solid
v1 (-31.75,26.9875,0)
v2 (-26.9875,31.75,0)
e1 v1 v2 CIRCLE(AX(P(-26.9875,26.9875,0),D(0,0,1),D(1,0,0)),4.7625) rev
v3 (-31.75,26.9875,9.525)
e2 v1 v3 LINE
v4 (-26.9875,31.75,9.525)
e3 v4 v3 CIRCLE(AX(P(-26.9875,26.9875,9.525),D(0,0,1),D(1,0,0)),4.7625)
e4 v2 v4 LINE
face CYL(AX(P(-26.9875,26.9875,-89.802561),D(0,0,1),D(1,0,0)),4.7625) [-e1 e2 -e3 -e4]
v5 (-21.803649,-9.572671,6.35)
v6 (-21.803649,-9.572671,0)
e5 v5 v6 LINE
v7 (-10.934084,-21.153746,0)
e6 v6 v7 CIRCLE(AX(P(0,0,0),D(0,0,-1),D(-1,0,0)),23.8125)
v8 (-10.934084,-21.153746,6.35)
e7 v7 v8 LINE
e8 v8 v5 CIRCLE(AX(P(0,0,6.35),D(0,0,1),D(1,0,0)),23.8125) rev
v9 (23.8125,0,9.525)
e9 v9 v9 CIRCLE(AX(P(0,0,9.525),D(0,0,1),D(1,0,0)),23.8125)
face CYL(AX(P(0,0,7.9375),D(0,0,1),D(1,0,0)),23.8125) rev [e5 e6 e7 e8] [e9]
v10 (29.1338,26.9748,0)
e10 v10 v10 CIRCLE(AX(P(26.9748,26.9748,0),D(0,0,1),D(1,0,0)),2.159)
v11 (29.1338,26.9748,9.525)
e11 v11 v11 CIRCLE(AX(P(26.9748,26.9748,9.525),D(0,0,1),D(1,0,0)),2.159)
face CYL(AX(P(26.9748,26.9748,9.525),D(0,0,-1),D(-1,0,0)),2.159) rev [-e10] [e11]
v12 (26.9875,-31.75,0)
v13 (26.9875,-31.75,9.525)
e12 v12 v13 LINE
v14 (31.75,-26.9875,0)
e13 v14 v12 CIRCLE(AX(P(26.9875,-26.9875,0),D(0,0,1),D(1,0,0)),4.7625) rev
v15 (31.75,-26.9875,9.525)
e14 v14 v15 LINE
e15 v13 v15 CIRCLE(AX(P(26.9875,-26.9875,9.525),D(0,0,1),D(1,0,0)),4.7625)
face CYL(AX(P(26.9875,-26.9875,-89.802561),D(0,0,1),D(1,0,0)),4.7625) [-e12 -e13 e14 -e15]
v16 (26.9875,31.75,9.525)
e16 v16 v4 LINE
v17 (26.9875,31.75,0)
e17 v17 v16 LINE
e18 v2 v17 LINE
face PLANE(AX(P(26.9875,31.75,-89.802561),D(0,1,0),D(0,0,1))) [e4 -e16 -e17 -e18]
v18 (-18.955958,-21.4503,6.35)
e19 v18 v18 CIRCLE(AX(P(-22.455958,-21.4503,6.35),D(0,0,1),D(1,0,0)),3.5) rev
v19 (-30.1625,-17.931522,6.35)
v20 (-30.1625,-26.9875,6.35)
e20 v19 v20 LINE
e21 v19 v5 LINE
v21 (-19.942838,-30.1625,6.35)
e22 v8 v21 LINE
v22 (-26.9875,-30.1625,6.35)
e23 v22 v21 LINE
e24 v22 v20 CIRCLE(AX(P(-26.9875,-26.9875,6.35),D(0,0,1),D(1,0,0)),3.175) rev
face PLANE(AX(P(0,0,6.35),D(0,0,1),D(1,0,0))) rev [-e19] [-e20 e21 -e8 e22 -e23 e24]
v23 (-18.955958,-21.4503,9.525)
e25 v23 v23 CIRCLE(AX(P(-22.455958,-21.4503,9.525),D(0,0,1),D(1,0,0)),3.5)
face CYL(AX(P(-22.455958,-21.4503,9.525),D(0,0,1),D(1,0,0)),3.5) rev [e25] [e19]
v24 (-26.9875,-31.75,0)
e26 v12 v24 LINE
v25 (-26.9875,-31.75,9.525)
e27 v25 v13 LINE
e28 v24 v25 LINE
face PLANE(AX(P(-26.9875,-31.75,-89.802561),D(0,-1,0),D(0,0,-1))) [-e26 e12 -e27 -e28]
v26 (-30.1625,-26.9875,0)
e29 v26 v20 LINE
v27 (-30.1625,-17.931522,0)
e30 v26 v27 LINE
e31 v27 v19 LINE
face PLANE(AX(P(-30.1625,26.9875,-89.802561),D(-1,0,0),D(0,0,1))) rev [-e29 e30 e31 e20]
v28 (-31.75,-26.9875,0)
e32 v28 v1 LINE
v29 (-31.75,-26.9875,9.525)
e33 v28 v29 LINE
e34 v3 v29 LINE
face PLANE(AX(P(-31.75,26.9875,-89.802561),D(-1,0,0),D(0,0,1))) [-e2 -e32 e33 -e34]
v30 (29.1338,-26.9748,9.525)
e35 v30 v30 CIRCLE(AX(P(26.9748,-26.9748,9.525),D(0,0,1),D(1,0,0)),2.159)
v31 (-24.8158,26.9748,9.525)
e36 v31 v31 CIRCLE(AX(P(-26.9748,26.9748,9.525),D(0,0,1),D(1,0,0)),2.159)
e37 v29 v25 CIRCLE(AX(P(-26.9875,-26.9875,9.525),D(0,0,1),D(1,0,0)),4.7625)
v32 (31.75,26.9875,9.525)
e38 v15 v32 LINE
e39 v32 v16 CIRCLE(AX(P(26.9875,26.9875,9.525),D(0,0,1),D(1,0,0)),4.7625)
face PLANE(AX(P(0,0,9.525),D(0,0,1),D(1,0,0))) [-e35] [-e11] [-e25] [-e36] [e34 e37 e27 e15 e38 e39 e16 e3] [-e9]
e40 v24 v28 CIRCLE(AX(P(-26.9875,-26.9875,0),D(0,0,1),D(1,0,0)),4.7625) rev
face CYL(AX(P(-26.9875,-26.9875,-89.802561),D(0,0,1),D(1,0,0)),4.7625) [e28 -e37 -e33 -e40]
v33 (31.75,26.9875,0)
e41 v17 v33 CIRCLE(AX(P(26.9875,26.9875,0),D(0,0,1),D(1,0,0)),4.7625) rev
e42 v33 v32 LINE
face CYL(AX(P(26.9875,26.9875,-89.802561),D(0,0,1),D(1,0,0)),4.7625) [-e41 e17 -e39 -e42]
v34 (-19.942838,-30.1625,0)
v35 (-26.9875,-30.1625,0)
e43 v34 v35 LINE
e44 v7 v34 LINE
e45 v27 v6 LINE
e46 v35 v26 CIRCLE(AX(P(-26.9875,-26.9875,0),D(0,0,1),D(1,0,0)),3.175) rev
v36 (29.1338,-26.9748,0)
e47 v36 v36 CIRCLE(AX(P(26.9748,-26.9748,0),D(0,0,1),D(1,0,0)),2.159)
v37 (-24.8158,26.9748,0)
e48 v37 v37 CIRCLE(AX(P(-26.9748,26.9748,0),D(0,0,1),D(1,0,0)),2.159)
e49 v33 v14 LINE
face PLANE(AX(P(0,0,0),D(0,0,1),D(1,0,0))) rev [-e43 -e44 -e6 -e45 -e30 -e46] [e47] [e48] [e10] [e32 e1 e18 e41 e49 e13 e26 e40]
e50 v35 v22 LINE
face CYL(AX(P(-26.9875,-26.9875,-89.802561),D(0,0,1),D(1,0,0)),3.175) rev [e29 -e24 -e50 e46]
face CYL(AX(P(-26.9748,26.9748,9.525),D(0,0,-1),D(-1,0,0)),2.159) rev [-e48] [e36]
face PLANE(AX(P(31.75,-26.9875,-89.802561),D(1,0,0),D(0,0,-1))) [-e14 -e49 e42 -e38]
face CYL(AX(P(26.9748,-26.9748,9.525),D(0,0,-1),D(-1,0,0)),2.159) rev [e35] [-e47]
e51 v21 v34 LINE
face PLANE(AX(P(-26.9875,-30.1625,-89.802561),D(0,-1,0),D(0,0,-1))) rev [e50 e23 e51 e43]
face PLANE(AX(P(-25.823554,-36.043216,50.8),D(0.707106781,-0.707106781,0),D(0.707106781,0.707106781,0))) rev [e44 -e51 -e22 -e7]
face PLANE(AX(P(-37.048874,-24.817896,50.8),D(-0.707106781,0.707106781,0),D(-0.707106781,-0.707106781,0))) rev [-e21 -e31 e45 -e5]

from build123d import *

# Parameters (mm, degrees)
SKETCH1_R                = 2.159
SKETCH1_R_2              = 28.5115
BOSS_EXTRUDE1_DEPTH      = 9.525
SKETCH1_4_R              = 28.5115
SKETCH1_4_R_2            = 23.8125
FLUSH_BEZEL_DEPTH        = 9.525
SKETCH1_5_R              = 28.5115
SKETCH1_5_R_2            = 23.8125
BOSS_EXTRUDE4_DEPTH      = 6.35
SKETCH2_R                = 25.3365
CUT_EXTRUDE1_DEPTH       = 7.35
CUT_EXTRUDE1_DEPTH_BACK  = 9.525
SKETCH3_R                = 28.5115
CUT_EXTRUDE2_DEPTH       = 7.35
SKETCH4_R                = 25.3365
SKETCH4_R_2              = 23.8125
BOSS_EXTRUDE7_DEPTH      = 1.5875
M6_CLEARANCE_HOLE1_D     = 7
M6_CLEARANCE_HOLE1_DEPTH = 9.525
BOSS_EXTRUDE8_REACH      = 11.525
SKETCH8_R                = 25.3365
SKETCH8_R_2              = 23.8125
CUT_EXTRUDE3_DEPTH       = 6.35
BOSS_EXTRUDE9_DEPTH      = 9.525


with BuildPart() as part:
    # Sketch1 → Boss-Extrude1 (new body)
    with BuildSketch(Plane.XY):
        with BuildLine():
            Line((-26.9875, 30.1625), (26.9875, 30.1625))
            ThreePointArc((26.9875, 30.1625), (29.23256403, 29.23256403), (30.1625, 26.9875))
            Line((30.1625, 26.9875), (30.1625, -26.9875))
            ThreePointArc((30.1625, -26.9875), (29.23256403, -29.23256403), (26.9875, -30.1625))
            Line((26.9875, -30.1625), (-26.9875, -30.1625))
            ThreePointArc((-26.9875, -30.1625), (-29.23256403, -29.23256403), (-30.1625, -26.9875))
            Line((-30.1625, -26.9875), (-30.1625, 26.9875))
            ThreePointArc((-30.1625, 26.9875), (-29.23256403, 29.23256403), (-26.9875, 30.1625))
        make_face()
        with Locations((-26.9748, 26.9748)):
            Circle(SKETCH1_R, mode=Mode.SUBTRACT)
        with Locations((26.9748, 26.9748)):
            Circle(SKETCH1_R, mode=Mode.SUBTRACT)
        with Locations((26.9748, -26.9748)):
            Circle(SKETCH1_R, mode=Mode.SUBTRACT)
        Circle(SKETCH1_R_2, mode=Mode.SUBTRACT)
    extrude(amount=BOSS_EXTRUDE1_DEPTH)

    # Sketch1_4 → Flush Bezel (add)
    with BuildSketch(Plane.XY):
        Circle(SKETCH1_4_R)
        Circle(SKETCH1_4_R_2, mode=Mode.SUBTRACT)
    extrude(amount=FLUSH_BEZEL_DEPTH)

    # Sketch1_5 → Boss-Extrude4 (add)
    with BuildSketch(Plane.XY):
        Circle(SKETCH1_5_R)
        Circle(SKETCH1_5_R_2, mode=Mode.SUBTRACT)
    extrude(amount=-BOSS_EXTRUDE4_DEPTH)

    # Sketch2 → Cut-Extrude1 (cut, two sides)
    with BuildSketch(Plane(origin=(0, 0, 0), x_dir=(-1, 0, 0), z_dir=(0, 0, -1))) as cut_extrude1_sk:
        Circle(SKETCH2_R)
    extrude(amount=CUT_EXTRUDE1_DEPTH, mode=Mode.SUBTRACT)
    extrude(cut_extrude1_sk.sketch, amount=-CUT_EXTRUDE1_DEPTH_BACK, mode=Mode.SUBTRACT)

    # Sketch3 → Cut-Extrude2 (cut, through all)
    with BuildSketch(Plane(origin=(0, 0, 0), x_dir=(-1, 0, 0), z_dir=(0, 0, -1))):
        Circle(SKETCH3_R)
    extrude(amount=CUT_EXTRUDE2_DEPTH, mode=Mode.SUBTRACT)

    # Sketch4 → Boss-Extrude7 (add)
    with BuildSketch(Plane.XY.offset(9.525)):
        Circle(SKETCH4_R)
        Circle(SKETCH4_R_2, mode=Mode.SUBTRACT)
    extrude(amount=-BOSS_EXTRUDE7_DEPTH)

    # M6 Clearance Hole1
    with Locations(Plane.XY.offset(9.525)):
        with Locations((-22.45595798, -21.4503)):
            Hole(M6_CLEARANCE_HOLE1_D / 2, depth=M6_CLEARANCE_HOLE1_DEPTH)

    # Sketch8 → Boss-Extrude8 (add, up to next)
    with BuildSketch(Plane(origin=(0, 0, 0), x_dir=(-1, 0, 0), z_dir=(0, 0, -1)), mode=Mode.PRIVATE) as boss_extrude8_sk1:
        Circle(SKETCH8_R)
        Circle(SKETCH8_R_2, mode=Mode.SUBTRACT)
    boss_extrude8_tool1 = extrude(boss_extrude8_sk1.sketch, amount=-BOSS_EXTRUDE8_REACH, mode=Mode.PRIVATE) - part.part
    add(boss_extrude8_tool1.solids().sort_by_distance((24.619876, 0, 0))[0])

    # Sketch9 → Cut-Extrude3 (cut)
    with BuildSketch(Plane(origin=(0, 0, 0), x_dir=(-1, 0, 0), z_dir=(0, 0, -1))):
        Polygon((25.823554026, -36.043216197), (37.048874177, -24.817896045), (19.088361935, -6.857383803), (7.863041784, -18.082703955), align=None)
    extrude(amount=-CUT_EXTRUDE3_DEPTH, mode=Mode.SUBTRACT)

    # Sketch10 → Boss-Extrude9 (add)
    with BuildSketch(Plane.XY.offset(9.525)):
        with BuildLine():
            Line((26.9875, 31.75), (-26.9875, 31.75))
            ThreePointArc((-26.9875, 31.75), (-30.355096045, 30.355096045), (-31.75, 26.9875))
            Line((-31.75, 26.9875), (-31.75, -26.9875))
            ThreePointArc((-31.75, -26.9875), (-30.355096045, -30.355096045), (-26.9875, -31.75))
            Line((-26.9875, -31.75), (26.9875, -31.75))
            ThreePointArc((26.9875, -31.75), (30.355096045, -30.355096045), (31.75, -26.9875))
            Line((31.75, -26.9875), (31.75, 26.9875))
            ThreePointArc((31.75, 26.9875), (30.355096045, 30.355096045), (26.9875, 31.75))
        make_face()
        with BuildLine():
            Line((26.9875, 30.1625), (-26.9875, 30.1625))
            ThreePointArc((-26.9875, 30.1625), (-29.23256403, 29.23256403), (-30.1625, 26.9875))
            Line((-30.1625, 26.9875), (-30.1625, -26.9875))
            ThreePointArc((-30.1625, -26.9875), (-29.23256403, -29.23256403), (-26.9875, -30.1625))
            Line((-26.9875, -30.1625), (26.9875, -30.1625))
            ThreePointArc((26.9875, -30.1625), (29.23256403, -29.23256403), (30.1625, -26.9875))
            Line((30.1625, -26.9875), (30.1625, 26.9875))
            ThreePointArc((30.1625, 26.9875), (29.23256403, 29.23256403), (26.9875, 30.1625))
        make_face(mode=Mode.SUBTRACT)
    extrude(amount=-BOSS_EXTRUDE9_DEPTH)


solid = part.part
